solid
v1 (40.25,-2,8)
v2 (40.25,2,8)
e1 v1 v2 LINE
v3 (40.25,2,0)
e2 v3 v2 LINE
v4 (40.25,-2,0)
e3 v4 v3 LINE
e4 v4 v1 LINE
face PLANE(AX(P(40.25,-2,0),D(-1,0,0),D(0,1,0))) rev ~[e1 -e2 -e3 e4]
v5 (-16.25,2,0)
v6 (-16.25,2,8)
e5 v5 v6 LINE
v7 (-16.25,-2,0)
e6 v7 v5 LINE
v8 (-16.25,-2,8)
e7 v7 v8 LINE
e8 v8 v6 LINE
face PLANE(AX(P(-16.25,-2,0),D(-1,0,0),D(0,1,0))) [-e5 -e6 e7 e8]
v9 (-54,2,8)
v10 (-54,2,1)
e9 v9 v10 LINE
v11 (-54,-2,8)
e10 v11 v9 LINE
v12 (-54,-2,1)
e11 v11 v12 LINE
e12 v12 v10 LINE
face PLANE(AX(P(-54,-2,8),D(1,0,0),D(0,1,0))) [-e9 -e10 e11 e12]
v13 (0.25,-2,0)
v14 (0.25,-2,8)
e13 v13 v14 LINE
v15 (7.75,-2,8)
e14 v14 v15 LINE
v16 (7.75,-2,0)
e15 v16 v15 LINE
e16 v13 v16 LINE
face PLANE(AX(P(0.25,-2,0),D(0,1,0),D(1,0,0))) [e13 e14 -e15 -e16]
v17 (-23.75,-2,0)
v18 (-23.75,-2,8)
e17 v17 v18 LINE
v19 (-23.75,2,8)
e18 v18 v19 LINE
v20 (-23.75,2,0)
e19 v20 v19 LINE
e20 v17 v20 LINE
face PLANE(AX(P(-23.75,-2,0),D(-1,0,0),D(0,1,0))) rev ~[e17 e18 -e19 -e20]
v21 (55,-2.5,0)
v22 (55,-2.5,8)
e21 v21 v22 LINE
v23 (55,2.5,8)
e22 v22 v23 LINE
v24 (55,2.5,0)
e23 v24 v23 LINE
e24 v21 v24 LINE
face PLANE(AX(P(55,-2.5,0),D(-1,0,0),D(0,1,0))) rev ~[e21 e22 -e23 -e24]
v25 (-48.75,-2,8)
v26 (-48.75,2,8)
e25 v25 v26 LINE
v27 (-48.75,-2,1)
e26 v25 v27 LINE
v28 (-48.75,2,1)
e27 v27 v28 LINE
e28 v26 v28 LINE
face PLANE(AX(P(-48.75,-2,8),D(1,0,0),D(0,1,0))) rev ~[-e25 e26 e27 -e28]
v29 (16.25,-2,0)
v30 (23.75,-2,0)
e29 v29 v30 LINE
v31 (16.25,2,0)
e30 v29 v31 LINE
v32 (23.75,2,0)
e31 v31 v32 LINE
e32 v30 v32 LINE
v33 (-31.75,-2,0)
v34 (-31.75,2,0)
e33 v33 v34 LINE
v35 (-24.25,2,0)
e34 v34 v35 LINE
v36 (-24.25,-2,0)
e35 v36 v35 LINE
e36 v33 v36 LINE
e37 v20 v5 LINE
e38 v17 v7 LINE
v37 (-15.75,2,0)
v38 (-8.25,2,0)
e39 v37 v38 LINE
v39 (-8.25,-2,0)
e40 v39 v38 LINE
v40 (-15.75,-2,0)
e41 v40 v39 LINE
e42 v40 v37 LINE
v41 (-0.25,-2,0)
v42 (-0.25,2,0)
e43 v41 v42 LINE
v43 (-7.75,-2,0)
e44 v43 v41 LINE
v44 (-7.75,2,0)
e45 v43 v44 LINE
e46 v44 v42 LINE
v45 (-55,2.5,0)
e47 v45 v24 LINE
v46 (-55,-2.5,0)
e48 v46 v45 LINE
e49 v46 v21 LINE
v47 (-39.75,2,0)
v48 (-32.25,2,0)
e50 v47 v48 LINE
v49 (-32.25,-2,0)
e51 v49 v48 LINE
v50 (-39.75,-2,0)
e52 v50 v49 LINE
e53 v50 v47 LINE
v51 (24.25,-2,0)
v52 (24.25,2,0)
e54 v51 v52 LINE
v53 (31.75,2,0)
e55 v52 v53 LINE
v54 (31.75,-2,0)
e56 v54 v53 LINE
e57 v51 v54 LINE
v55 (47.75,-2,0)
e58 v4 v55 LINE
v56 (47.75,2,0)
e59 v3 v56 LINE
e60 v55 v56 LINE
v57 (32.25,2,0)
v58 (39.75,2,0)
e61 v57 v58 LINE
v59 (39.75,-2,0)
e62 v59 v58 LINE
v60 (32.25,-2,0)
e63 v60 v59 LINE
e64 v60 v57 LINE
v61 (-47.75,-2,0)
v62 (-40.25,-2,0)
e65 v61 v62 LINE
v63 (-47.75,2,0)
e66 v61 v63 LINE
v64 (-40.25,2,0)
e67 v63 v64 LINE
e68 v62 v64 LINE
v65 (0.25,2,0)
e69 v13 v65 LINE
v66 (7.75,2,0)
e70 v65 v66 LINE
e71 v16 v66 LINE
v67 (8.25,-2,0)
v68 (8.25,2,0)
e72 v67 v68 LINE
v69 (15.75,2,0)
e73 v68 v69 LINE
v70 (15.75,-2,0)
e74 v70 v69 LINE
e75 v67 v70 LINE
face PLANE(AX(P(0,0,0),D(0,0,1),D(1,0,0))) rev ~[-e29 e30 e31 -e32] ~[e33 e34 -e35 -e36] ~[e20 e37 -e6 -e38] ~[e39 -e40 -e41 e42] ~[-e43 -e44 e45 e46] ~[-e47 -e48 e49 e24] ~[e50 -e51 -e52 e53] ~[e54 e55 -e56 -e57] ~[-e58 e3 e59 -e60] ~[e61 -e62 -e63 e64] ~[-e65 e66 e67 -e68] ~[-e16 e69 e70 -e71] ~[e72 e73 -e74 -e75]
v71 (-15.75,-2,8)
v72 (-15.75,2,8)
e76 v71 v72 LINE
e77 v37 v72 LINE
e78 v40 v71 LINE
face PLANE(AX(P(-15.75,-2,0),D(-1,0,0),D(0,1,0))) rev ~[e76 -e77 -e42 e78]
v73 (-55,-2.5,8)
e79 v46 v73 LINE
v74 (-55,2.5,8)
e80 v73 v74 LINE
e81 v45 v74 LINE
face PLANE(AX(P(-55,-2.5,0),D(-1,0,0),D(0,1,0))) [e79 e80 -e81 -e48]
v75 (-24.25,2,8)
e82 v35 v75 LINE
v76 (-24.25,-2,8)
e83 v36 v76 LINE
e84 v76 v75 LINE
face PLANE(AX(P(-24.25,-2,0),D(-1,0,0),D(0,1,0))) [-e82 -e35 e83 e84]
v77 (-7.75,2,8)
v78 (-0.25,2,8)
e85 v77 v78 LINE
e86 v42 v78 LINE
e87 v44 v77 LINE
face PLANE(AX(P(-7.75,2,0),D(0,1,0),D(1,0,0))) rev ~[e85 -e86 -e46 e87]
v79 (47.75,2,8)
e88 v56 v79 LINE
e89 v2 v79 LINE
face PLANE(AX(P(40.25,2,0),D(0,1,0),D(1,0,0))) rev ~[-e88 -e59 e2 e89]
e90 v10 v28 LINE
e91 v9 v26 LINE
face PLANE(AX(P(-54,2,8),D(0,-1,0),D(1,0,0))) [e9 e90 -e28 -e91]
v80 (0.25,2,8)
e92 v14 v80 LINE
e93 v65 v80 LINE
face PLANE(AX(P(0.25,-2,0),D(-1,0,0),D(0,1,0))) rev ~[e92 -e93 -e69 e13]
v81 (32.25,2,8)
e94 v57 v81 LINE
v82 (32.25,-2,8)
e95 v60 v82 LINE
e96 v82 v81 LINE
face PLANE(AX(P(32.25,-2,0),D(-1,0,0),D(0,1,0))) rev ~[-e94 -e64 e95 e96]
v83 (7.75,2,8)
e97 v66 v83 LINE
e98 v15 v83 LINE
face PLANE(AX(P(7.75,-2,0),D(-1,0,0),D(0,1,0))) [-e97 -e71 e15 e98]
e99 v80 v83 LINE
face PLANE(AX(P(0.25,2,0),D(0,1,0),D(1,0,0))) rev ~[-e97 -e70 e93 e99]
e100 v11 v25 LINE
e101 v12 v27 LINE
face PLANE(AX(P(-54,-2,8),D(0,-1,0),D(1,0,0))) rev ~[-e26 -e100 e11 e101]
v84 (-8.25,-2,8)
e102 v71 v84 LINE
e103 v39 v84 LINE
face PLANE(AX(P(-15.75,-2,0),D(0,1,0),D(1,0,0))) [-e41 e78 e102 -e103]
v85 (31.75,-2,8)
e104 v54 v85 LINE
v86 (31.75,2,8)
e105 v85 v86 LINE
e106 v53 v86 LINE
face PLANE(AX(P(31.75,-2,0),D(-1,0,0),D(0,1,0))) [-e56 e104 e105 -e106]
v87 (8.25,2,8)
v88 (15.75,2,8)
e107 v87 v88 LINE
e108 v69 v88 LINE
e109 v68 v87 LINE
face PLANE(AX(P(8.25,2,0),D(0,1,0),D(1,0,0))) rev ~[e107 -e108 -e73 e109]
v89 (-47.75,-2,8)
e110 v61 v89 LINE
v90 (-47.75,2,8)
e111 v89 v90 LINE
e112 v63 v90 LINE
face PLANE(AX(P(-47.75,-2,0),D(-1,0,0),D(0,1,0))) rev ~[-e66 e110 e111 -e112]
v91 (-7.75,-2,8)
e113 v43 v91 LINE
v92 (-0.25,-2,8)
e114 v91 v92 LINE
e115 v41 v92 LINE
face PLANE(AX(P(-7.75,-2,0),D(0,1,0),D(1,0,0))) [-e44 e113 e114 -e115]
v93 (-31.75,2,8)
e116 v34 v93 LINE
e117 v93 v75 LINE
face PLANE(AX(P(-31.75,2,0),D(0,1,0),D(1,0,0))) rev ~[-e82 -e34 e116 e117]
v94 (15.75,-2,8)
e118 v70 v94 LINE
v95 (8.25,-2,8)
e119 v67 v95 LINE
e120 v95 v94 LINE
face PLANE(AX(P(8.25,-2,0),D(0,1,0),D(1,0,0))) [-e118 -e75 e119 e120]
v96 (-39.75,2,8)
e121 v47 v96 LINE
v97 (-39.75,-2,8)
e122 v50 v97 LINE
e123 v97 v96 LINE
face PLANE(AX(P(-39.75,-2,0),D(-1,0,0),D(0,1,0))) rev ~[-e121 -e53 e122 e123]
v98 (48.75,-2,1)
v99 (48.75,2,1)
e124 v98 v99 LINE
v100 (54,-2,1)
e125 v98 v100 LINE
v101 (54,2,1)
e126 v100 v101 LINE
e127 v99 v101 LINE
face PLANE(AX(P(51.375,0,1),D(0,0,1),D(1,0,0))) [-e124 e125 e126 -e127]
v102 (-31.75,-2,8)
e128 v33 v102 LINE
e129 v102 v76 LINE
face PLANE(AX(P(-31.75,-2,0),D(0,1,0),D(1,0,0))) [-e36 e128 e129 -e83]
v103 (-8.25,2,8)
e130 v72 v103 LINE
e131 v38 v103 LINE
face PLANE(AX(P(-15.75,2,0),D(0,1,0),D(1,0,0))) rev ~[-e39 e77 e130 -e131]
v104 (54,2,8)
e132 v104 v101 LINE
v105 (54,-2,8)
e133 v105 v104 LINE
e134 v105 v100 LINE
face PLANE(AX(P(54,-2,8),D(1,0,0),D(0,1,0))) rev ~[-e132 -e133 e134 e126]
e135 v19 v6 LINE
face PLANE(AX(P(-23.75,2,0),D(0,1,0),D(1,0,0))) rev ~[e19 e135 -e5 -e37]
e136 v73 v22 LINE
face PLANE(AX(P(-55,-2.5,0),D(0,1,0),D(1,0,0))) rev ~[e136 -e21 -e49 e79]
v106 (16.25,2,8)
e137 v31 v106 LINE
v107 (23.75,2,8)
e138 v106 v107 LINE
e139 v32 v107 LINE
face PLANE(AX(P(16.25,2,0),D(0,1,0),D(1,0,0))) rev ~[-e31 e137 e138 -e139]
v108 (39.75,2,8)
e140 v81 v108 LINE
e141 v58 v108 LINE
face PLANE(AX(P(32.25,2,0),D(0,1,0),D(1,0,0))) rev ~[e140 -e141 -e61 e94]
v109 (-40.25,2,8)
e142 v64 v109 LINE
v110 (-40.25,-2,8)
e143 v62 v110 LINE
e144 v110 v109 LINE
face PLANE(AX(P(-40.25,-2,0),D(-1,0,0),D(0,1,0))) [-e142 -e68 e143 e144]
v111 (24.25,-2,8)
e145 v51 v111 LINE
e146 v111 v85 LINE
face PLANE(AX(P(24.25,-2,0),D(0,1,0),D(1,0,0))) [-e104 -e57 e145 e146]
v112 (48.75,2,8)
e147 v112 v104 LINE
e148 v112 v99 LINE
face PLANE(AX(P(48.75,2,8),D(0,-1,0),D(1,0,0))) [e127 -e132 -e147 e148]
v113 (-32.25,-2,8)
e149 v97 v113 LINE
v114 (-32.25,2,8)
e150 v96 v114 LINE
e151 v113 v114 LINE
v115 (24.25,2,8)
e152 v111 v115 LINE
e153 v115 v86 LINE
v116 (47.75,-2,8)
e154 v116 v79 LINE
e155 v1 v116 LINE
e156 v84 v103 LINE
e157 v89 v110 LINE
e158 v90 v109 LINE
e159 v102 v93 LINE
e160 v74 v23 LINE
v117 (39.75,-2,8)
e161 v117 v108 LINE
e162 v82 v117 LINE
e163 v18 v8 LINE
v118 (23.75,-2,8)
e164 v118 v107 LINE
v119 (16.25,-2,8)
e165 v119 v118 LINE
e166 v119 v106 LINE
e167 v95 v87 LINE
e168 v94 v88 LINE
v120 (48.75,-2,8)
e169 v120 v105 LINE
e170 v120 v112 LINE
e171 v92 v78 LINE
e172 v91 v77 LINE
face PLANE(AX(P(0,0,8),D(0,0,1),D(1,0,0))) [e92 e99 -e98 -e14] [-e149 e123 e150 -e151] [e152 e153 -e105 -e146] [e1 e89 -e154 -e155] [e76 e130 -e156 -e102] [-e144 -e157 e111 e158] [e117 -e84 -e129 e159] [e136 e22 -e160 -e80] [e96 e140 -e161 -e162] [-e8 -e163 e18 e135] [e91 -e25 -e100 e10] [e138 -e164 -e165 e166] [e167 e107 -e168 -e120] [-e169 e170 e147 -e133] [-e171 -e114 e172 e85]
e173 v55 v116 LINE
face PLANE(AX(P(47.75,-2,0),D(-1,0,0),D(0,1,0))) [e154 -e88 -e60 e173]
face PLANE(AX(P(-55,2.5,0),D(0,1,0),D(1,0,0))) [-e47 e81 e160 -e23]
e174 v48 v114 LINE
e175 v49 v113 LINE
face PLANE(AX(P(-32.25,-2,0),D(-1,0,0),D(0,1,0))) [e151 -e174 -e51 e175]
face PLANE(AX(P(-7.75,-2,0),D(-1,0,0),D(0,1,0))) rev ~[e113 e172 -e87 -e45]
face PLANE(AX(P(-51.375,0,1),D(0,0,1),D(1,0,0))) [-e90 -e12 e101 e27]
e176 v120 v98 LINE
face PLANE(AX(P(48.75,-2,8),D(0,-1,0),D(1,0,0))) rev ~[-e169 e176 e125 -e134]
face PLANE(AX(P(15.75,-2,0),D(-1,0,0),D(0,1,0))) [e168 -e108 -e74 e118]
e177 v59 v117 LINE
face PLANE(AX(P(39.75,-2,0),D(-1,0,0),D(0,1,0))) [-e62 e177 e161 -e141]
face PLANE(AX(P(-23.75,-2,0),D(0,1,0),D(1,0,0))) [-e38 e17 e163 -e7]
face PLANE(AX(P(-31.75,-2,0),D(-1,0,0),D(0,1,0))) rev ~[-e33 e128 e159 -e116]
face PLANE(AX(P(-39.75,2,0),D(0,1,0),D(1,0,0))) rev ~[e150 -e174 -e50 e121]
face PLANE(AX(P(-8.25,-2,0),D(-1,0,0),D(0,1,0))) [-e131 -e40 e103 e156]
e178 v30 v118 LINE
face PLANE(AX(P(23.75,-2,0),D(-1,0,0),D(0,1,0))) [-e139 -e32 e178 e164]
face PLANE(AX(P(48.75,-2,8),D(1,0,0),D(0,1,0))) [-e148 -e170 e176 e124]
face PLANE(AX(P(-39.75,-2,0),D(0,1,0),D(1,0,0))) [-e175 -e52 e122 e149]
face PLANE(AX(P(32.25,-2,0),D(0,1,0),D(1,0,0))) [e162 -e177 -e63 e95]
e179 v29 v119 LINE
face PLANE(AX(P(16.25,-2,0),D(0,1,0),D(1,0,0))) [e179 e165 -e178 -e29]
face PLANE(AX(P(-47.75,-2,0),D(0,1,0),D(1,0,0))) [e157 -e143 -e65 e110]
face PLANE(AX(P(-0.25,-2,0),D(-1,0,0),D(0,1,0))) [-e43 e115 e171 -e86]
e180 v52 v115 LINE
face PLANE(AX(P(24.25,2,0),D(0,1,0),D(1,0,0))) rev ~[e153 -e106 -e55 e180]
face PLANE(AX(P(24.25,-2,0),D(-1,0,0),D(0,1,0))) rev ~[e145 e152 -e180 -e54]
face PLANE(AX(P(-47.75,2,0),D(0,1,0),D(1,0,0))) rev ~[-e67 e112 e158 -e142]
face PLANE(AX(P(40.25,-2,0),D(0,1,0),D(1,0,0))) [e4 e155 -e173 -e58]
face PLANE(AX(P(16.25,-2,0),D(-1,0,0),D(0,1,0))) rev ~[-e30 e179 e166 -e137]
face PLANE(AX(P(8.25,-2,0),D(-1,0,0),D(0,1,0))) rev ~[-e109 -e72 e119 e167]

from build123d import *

# Parameters (mm, degrees)
F0_W     = 110
F0_H     = 5
F0_W_2   = 7.5
F0_H_2   = 4
F1_DEPTH = 8
F2_W     = 5.25
F2_H     = 4
F3_DEPTH = 7


with BuildPart() as f1:
    # F0 (on Top) → F1 (new body)
    with BuildSketch(Plane.XY):
        Rectangle(F0_W, F0_H)
        with Locations((-44, 0)):
            Rectangle(F0_W_2, F0_H_2, mode=Mode.SUBTRACT)
        with Locations((-36, 0)):
            Rectangle(F0_W_2, F0_H_2, mode=Mode.SUBTRACT)
        with Locations((-28, 0)):
            Rectangle(F0_W_2, F0_H_2, mode=Mode.SUBTRACT)
        with Locations((-20, 0)):
            Rectangle(F0_W_2, F0_H_2, mode=Mode.SUBTRACT)
        with Locations((-12, 0)):
            Rectangle(F0_W_2, F0_H_2, mode=Mode.SUBTRACT)
        with Locations((-4, 0)):
            Rectangle(F0_W_2, F0_H_2, mode=Mode.SUBTRACT)
        with Locations((4, 0)):
            Rectangle(F0_W_2, F0_H_2, mode=Mode.SUBTRACT)
        with Locations((12, 0)):
            Rectangle(F0_W_2, F0_H_2, mode=Mode.SUBTRACT)
        with Locations((20, 0)):
            Rectangle(F0_W_2, F0_H_2, mode=Mode.SUBTRACT)
        with Locations((28, 0)):
            Rectangle(F0_W_2, F0_H_2, mode=Mode.SUBTRACT)
        with Locations((36, 0)):
            Rectangle(F0_W_2, F0_H_2, mode=Mode.SUBTRACT)
        with Locations((44, 0)):
            Rectangle(F0_W_2, F0_H_2, mode=Mode.SUBTRACT)
    extrude(amount=F1_DEPTH)

    # F2 (on face) → F3 (cut)
    with BuildSketch(Plane.XY.offset(8)):
        with Locations((-51.375, 0)):
            Rectangle(F2_W, F2_H)
        with Locations((51.375, 0)):
            Rectangle(F2_W, F2_H)
    extrude(amount=-F3_DEPTH, mode=Mode.SUBTRACT)


solid = f1.part
